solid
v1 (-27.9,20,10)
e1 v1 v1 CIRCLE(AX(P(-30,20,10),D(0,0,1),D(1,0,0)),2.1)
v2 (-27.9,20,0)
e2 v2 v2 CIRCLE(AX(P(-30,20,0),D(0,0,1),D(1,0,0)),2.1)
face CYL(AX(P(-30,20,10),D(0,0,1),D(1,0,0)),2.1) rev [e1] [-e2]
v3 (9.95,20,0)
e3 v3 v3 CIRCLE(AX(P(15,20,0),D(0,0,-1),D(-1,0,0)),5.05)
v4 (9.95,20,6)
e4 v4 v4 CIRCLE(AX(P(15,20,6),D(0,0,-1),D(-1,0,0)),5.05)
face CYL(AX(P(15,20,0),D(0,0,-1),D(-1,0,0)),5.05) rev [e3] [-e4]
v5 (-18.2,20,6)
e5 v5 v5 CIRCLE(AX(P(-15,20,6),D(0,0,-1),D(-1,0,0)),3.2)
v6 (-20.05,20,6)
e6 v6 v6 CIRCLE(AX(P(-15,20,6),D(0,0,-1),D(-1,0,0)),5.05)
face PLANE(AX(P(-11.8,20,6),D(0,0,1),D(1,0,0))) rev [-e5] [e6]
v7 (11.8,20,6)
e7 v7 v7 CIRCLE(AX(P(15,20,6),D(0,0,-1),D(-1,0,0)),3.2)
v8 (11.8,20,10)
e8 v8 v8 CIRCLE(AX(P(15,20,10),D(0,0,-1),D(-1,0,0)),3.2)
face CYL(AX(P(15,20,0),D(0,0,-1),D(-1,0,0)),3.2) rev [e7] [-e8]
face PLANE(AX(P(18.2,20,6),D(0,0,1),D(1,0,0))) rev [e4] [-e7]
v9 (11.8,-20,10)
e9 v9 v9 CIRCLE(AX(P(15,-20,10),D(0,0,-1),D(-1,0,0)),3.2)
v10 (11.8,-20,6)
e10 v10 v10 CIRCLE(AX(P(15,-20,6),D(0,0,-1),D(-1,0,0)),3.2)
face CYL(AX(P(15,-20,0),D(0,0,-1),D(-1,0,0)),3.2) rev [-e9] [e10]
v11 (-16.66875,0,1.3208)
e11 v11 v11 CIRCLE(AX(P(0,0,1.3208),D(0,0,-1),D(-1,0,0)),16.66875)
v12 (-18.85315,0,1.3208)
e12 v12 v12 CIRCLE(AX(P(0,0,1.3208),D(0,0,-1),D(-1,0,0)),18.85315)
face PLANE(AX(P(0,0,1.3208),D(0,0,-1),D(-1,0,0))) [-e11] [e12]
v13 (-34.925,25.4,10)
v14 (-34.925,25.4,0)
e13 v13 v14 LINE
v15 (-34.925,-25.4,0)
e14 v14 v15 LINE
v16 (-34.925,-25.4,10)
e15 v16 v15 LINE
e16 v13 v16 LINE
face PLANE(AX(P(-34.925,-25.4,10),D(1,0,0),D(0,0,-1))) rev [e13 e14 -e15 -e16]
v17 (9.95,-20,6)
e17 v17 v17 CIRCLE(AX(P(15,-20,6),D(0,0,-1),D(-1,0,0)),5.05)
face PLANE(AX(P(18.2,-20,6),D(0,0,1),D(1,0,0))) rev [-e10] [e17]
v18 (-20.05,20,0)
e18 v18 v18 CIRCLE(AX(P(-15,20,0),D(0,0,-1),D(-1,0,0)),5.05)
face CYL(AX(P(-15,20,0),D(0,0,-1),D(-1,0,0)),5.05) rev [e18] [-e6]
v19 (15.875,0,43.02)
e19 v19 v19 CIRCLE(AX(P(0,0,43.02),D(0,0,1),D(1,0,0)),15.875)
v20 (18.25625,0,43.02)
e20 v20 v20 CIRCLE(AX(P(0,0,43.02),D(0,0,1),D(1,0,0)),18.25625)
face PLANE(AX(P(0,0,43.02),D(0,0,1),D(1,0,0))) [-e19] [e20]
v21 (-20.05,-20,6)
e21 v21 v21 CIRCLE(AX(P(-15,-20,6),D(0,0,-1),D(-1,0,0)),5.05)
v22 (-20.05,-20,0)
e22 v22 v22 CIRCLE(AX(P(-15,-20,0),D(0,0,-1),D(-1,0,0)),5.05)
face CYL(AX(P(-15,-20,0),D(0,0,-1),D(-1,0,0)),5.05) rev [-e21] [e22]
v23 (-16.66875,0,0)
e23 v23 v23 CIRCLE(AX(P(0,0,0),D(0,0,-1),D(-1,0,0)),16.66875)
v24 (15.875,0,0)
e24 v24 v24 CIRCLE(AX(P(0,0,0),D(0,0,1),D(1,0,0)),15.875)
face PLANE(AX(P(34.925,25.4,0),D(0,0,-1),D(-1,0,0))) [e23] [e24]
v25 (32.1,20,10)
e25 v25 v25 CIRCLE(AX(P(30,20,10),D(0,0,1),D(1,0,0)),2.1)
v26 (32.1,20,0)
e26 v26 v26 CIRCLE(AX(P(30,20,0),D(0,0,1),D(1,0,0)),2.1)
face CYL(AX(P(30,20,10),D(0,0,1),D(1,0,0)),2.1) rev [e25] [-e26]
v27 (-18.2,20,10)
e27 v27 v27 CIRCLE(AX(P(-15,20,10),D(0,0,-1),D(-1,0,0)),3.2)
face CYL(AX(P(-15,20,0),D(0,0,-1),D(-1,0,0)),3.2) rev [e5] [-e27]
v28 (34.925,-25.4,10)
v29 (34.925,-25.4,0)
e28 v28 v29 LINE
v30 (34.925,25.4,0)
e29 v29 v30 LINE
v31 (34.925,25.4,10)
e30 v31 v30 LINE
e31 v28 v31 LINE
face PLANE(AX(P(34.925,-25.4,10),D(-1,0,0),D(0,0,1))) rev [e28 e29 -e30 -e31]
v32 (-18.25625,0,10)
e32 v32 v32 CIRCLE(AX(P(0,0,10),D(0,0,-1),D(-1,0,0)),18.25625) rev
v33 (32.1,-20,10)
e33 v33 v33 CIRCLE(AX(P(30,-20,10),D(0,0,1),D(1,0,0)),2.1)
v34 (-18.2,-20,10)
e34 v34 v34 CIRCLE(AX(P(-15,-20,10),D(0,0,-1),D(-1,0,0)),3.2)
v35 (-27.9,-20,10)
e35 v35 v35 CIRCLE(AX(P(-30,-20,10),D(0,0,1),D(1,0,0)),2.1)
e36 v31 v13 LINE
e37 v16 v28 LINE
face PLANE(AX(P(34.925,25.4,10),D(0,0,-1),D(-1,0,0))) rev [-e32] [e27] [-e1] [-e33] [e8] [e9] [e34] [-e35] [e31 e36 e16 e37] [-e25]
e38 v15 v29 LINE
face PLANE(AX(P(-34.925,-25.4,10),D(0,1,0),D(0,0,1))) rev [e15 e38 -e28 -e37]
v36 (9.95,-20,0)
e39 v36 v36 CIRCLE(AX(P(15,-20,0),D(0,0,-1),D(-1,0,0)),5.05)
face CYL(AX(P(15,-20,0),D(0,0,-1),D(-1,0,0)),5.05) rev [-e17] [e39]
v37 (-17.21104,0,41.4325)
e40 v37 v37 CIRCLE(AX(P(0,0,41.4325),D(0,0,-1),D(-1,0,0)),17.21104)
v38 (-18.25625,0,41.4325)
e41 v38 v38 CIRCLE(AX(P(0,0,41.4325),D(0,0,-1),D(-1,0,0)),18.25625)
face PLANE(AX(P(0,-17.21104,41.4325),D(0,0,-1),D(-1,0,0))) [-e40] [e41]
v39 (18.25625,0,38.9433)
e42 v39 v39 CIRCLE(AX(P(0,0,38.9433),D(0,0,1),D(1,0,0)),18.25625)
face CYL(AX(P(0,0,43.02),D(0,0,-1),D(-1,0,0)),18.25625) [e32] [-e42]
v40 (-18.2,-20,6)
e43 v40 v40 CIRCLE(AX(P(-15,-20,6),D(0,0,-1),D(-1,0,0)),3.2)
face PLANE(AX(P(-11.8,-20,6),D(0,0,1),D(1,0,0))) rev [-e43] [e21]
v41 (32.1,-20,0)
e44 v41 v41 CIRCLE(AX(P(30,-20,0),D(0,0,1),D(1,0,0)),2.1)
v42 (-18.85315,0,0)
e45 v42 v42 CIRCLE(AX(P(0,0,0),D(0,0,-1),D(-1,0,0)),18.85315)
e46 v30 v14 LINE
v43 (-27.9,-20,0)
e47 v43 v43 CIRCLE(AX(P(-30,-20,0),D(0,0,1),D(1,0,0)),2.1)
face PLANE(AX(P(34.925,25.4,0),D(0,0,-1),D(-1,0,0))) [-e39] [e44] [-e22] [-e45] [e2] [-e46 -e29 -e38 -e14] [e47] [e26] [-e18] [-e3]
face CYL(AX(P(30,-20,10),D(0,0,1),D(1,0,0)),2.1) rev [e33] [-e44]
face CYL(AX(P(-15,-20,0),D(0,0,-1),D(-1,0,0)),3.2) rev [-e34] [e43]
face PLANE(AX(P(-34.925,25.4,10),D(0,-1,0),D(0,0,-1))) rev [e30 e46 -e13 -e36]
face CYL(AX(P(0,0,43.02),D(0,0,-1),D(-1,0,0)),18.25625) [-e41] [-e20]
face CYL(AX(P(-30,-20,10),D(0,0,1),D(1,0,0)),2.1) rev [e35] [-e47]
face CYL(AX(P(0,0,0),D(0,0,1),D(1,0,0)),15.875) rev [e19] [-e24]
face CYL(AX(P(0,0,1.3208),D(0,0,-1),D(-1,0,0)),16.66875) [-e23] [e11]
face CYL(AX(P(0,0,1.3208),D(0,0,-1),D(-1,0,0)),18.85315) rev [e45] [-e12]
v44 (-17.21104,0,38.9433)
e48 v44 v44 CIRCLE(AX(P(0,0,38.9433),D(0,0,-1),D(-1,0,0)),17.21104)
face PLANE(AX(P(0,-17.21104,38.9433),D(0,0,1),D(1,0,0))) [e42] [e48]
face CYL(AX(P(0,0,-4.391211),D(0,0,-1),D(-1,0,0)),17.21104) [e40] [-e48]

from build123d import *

# Parameters (mm, degrees)
SKETCH1_W                      = 69.85
SKETCH1_H                      = 50.8
BOSS_EXTRUDE1_DEPTH            = 10
SKETCH2_R                      = 15.875
CUT_EXTRUDE1_DEPTH             = 11
M5X0_8_TAPPED_HOLE1_D          = 4.2
CBORE_FOR_M6_SHCS1_D           = 6.4
CBORE_FOR_M6_SHCS1_CBORE_D     = 10.1
CBORE_FOR_M6_SHCS1_CBORE_DEPTH = 6
MIRROR2_COPY_1_D               = 4.2
MIRROR2_COPY_2_D               = 6.4
MIRROR2_COPY_2_CBORE_D         = 10.1
MIRROR2_COPY_2_CBORE_DEPTH     = 6
SKETCH7_R                      = 18.25625
SKETCH7_R_2                    = 15.875
BOSS_EXTRUDE2_DEPTH            = 33.02
SKETCH8_R                      = 18.85315
SKETCH8_R_2                    = 16.66875
CUT_EXTRUDE2_DEPTH             = 1.3208
SKETCH9_W                      = 2.4892
SKETCH9_H                      = 1.2954


with BuildPart() as part:
    # Sketch1 → Boss-Extrude1 (new body)
    with BuildSketch(Plane.XY):
        Rectangle(SKETCH1_W, SKETCH1_H)
    extrude(amount=BOSS_EXTRUDE1_DEPTH)

    # Sketch2 → Cut-Extrude1 (cut, through all)
    with BuildSketch(Plane.XY.offset(10)):
        Circle(SKETCH2_R)
    extrude(amount=-CUT_EXTRUDE1_DEPTH, mode=Mode.SUBTRACT)

    # M5x0.8 Tapped Hole1 (through all)
    with Locations(Plane.XY.offset(10)):
        with Locations((30, 19.999999878)):
            m5x0_8_tapped_hole1 = Hole(M5X0_8_TAPPED_HOLE1_D / 2)

    # CBORE for M6 SHCS1 (through all)
    with Locations(Plane(origin=(0, 0, 0), x_dir=(-1, 0, 0), z_dir=(0, 0, -1))):
        with Locations((-15, 20)):
            cbore_for_m6_shcs1 = CounterBoreHole(CBORE_FOR_M6_SHCS1_D / 2, CBORE_FOR_M6_SHCS1_CBORE_D / 2, CBORE_FOR_M6_SHCS1_CBORE_DEPTH)

    # Mirror1: M5x0.8 Tapped Hole1, CBORE for M6 SHCS1 across plane
    add(m5x0_8_tapped_hole1.mirror(Plane.ZX), mode=Mode.SUBTRACT)
    add(cbore_for_m6_shcs1.mirror(Plane.ZX), mode=Mode.SUBTRACT)

    # Mirror2: M5x0.8 Tapped Hole1, CBORE for M6 SHCS1 across plane
    add(m5x0_8_tapped_hole1.mirror(Plane(origin=(0, 0, 0), x_dir=(0, 0, 1), z_dir=(1, 0, 0))), mode=Mode.SUBTRACT)
    add(cbore_for_m6_shcs1.mirror(Plane(origin=(0, 0, 0), x_dir=(0, 0, 1), z_dir=(1, 0, 0))), mode=Mode.SUBTRACT)

    # Mirror2 copy 1 (through all)
    with Locations(Plane(origin=(0, 0, 10), x_dir=(-1, 0, 0), z_dir=(0, 0, 1))):
        with Locations((30, 19.999999878)):
            Hole(MIRROR2_COPY_1_D / 2)

    # Mirror2 copy 2 (through all)
    with Locations(Plane(origin=(0, 0, 0), x_dir=(1, 0, 0), z_dir=(0, 0, -1))):
        with Locations((-15, 20)):
            CounterBoreHole(MIRROR2_COPY_2_D / 2, MIRROR2_COPY_2_CBORE_D / 2, MIRROR2_COPY_2_CBORE_DEPTH)

    # Sketch7 → Boss-Extrude2 (add)
    with BuildSketch(Plane.XY.offset(10)):
        Circle(SKETCH7_R)
        Circle(SKETCH7_R_2, mode=Mode.SUBTRACT)
    extrude(amount=BOSS_EXTRUDE2_DEPTH)

    # Sketch8 → Cut-Extrude2 (cut)
    with BuildSketch(Plane(origin=(0, 0, 0), x_dir=(-1, 0, 0), z_dir=(0, 0, -1))):
        Circle(SKETCH8_R)
        Circle(SKETCH8_R_2, mode=Mode.SUBTRACT)
    extrude(amount=-CUT_EXTRUDE2_DEPTH, mode=Mode.SUBTRACT)

    # Sketch9 → Cut-Revolve1 (revolve, cut)
    with BuildSketch(Plane(origin=(0, 0, 0), x_dir=(0, 0, -1), z_dir=(1, 0, 0))):
        with Locations((-40.1879, -17.85874)):
            Rectangle(SKETCH9_W, SKETCH9_H)
    revolve(axis=Axis((0, 0, -4.391211434), (0, 0, 1)), mode=Mode.SUBTRACT)


solid = part.part
